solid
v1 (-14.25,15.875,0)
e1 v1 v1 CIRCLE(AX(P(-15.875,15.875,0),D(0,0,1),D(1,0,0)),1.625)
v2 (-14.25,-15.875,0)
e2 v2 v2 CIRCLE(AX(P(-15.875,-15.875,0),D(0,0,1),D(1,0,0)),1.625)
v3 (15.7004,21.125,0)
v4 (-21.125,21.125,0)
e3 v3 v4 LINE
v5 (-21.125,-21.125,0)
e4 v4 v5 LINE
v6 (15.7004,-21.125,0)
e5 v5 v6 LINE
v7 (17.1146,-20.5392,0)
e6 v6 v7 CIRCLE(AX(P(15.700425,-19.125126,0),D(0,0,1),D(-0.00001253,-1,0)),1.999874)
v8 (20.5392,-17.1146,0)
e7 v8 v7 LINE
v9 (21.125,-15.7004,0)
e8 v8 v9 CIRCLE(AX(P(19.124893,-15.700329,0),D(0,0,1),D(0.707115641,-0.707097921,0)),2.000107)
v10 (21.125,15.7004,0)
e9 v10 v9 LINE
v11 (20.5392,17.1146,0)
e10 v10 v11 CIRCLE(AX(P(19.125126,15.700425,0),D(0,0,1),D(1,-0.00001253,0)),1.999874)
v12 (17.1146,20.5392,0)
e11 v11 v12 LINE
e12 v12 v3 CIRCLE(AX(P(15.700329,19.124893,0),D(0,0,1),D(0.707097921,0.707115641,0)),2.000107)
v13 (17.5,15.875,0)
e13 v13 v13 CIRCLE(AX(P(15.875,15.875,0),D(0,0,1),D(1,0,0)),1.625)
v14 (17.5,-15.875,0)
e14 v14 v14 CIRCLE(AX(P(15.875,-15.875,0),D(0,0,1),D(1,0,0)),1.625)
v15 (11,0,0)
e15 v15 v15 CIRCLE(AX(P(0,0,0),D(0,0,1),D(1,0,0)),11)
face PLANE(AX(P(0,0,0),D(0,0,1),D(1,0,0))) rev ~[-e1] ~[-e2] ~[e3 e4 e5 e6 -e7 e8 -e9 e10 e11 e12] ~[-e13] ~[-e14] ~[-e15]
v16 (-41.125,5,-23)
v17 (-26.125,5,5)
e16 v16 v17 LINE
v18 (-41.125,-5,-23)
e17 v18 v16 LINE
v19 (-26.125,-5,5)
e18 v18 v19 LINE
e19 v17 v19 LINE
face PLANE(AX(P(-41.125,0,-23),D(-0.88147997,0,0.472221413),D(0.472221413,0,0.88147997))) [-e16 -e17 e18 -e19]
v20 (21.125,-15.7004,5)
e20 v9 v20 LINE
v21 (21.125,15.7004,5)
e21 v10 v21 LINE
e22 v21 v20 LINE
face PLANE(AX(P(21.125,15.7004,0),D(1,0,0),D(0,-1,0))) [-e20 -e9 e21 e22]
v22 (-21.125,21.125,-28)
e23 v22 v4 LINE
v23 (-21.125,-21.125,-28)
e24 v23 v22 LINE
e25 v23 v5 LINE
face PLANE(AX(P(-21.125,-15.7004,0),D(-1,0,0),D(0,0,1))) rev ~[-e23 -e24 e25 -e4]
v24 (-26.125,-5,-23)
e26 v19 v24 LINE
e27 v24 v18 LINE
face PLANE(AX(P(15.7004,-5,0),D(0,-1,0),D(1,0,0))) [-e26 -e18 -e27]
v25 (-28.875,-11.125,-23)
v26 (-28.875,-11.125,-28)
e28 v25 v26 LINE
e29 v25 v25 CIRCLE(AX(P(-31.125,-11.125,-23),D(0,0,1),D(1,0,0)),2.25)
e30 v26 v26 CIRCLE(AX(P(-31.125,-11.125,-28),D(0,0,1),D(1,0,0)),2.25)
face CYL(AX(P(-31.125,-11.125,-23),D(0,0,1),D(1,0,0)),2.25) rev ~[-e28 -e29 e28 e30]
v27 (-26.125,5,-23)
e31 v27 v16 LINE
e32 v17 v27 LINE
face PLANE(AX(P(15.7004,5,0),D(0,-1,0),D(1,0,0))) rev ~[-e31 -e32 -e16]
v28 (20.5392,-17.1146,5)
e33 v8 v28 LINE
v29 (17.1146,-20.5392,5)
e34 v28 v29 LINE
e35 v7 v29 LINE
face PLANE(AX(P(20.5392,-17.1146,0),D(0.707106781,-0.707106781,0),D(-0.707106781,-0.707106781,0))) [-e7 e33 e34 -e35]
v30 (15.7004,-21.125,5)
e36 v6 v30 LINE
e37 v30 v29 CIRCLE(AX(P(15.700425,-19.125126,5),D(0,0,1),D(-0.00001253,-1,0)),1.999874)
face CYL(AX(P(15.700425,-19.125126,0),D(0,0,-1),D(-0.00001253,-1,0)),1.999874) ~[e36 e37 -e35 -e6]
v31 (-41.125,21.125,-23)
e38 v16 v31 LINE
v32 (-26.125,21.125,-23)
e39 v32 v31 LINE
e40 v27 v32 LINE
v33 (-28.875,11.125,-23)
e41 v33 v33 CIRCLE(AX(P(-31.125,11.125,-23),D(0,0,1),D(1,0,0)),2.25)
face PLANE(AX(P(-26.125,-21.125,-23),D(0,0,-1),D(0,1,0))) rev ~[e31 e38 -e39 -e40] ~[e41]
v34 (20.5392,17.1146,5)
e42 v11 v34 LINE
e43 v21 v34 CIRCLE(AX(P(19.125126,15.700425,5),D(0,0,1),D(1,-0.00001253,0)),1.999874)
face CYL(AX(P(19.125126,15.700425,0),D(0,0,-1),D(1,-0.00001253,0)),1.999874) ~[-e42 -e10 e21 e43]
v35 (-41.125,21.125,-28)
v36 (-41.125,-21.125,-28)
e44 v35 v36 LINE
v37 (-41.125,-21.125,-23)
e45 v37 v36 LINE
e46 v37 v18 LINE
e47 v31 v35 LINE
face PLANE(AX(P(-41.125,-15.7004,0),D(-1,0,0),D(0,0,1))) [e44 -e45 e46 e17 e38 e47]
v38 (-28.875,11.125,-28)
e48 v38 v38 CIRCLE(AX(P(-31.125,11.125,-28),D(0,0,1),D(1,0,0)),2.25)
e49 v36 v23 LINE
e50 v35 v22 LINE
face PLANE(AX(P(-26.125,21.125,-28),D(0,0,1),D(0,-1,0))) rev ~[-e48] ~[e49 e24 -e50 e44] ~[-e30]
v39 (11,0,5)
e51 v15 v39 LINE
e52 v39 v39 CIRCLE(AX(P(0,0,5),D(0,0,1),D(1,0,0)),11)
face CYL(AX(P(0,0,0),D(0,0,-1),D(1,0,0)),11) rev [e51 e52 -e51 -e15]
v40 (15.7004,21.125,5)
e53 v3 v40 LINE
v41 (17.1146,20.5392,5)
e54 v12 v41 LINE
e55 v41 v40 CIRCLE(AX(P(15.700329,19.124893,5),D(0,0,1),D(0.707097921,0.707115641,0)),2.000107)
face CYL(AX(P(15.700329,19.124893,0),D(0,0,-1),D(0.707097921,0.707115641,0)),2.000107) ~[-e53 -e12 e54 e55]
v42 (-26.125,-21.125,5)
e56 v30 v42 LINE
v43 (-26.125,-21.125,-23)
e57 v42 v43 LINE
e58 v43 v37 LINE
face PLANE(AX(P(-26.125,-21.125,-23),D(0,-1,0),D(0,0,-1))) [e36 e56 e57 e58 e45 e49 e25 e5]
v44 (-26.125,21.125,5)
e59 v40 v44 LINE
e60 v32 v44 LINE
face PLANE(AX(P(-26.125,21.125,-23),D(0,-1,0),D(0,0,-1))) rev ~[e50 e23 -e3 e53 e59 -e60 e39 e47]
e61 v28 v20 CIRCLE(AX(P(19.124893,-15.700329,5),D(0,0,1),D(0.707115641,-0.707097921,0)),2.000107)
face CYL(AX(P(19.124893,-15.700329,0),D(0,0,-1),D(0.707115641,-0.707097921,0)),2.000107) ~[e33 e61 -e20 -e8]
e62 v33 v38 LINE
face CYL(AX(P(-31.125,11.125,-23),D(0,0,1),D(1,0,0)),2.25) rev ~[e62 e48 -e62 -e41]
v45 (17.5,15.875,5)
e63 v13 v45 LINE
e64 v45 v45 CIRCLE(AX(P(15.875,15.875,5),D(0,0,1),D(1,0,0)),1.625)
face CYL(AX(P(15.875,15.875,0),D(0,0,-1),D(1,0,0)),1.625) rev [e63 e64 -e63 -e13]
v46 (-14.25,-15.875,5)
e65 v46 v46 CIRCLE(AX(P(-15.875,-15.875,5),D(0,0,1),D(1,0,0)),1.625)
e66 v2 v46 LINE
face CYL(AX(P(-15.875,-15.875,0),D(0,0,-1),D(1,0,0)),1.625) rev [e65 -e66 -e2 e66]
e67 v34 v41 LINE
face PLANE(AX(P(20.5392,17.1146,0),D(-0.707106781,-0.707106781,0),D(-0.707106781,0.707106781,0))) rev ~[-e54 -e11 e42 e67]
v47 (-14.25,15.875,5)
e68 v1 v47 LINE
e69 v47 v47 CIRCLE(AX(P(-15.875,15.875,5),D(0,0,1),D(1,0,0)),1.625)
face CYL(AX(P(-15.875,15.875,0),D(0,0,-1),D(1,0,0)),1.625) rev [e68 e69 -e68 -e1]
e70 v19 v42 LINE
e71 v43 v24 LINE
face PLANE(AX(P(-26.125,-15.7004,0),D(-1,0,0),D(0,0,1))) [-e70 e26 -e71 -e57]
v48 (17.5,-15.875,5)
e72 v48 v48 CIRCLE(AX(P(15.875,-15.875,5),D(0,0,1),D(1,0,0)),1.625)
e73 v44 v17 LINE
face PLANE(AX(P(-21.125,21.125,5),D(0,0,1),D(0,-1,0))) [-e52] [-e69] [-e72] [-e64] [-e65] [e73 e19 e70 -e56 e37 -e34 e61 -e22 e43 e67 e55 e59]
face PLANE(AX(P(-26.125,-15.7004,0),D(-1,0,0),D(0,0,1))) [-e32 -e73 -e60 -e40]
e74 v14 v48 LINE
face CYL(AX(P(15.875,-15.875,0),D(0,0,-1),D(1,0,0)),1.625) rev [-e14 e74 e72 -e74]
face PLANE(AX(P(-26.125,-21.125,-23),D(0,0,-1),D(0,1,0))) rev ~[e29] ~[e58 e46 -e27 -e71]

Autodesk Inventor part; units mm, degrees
ref_plane "YZ Plane" through (0, 0, 0) normal (1, 0, 0) x (0, 1, 0)
ref_plane "XZ Plane" through (0, 0, 0) normal (0, 1, 0) x (-1, 0, 0)
sketch "Sketch1" plane through (0, 0, 0) normal (0, 0, 1) x (1, 0, 0)
  arc A0 (-20.5392, 17.1146) -> (-21.125, 15.7004) centre (-19.125, 15.7004) ccw projected
  line L0 (-21.125, -15.7004) -> (-21.125, 15.7004) projected
  arc A1 (-21.125, -15.7004) -> (-20.5392, -17.1146) centre (-19.125, -15.7004) ccw projected
  line L1 (-20.5392, -17.1146) -> (-17.1146, -20.5392) projected
  arc A2 (-17.1146, -20.5392) -> (-15.7004, -21.125) centre (-15.7004, -19.125) ccw projected
  line L2 (15.7004, -21.125) -> (-15.7004, -21.125) projected
  arc A3 (15.7004, -21.125) -> (17.1146, -20.5392) centre (15.7004, -19.125) ccw projected
  line L3 (20.5392, -17.1146) -> (17.1146, -20.5392) projected
  arc A4 (20.5392, -17.1146) -> (21.125, -15.7004) centre (19.125, -15.7004) ccw projected
  line L4 (21.125, 15.7004) -> (21.125, -15.7004) projected
  arc A5 (21.125, 15.7004) -> (20.5392, 17.1146) centre (19.125, 15.7004) ccw projected
  line L5 (20.5392, 17.1146) -> (17.1146, 20.5392) projected
  arc A6 (17.1146, 20.5392) -> (15.7004, 21.125) centre (15.7004, 19.125) ccw projected
  line L6 (-15.7004, 21.125) -> (15.7004, 21.125) projected
  arc A7 (-15.7004, 21.125) -> (-17.1146, 20.5392) centre (-15.7004, 19.125) ccw projected
  line L7 (-20.5392, 17.1146) -> (-17.1146, 20.5392) projected
  circle A8 centre (0, 0) radius 16 projected
  circle A9 centre (-15.875, -15.875) radius 1.625 projected
  circle A10 centre (15.875, 15.875) radius 1.625 projected
  circle A11 centre (-15.875, 15.875) radius 1.625 projected
  circle A12 centre (15.875, -15.875) radius 1.625 projected
  circle A13 centre (0, 0) radius 11 projected
  point P0 (0, 0)
extrude "Extrusion1" add sketch "Sketch1" along normal blind 5 contours L7 A7 L6 A6 L5 A5 L4 A4 L3 A3 L2 A2 L1 A1 L0 A0 | A8
sketch "Sketch2" plane through (-21.125, -15.7004, 0) normal (-1, 0, 0) x (0, 0, 1)
  line L0 (0, -5.4246) -> (5, -5.4246) projected
  line L1 (5, -5.4246) -> (-28, -5.4246)
  line L2 (-28, -5.4246) -> (-28, 36.8254)
  line L3 (-28, 36.8254) -> (5, 36.8254)
  line L4 (5, 36.8254) -> (5, -5.4246)
  point P0 (0, 15.7004)
  dimension "d6" = 33
extrude "Extrusion2" add sketch "Sketch2" along normal blind 5
sketch "Sketch3" plane through (0, 0, 5) normal (0, 0, 1) x (1, 0, 0)
  line L0 (-21.125, -15.7004) -> (-21.125, -21.125) projected
  arc A0 (-21.125, -15.7004) -> (-20.5392, -17.1146) centre (-19.125, -15.7004) ccw projected
  arc A1 (-17.1146, -20.5392) -> (-15.7004, -21.125) centre (-15.7004, -19.125) ccw projected
  line L1 (-20.5392, -17.1146) -> (-17.1146, -20.5392) projected
  line L2 (-21.125, -21.125) -> (-15.7004, -21.125)
  line L3 (-21.125, 21.125) -> (-21.125, 15.7004) projected
  arc A2 (-15.7004, 21.125) -> (-17.1146, 20.5392) centre (-15.7004, 19.125) ccw projected
  line L4 (-21.125, 21.125) -> (-15.7004, 21.125)
  line L5 (-17.1146, 20.5392) -> (-20.5392, 17.1146) projected
  arc A3 (-20.5392, 17.1146) -> (-21.125, 15.7004) centre (-19.125, 15.7004) ccw projected
  point P0 (0, 0)
extrude "Extrusion3" add sketch "Sketch3" against normal blind 5
sketch "Sketch4" plane through (-26.125, -15.7004, 0) normal (-1, 0, 0) x (0, 0, 1)
  line L0 (0, -5.4246) -> (-28, -5.4246) projected
  line L1 (5, 36.8254) -> (-28, 36.8254) projected
  line L2 (-28, -5.4246) -> (-23, -5.4246)
  line L3 (-23, -5.4246) -> (-23, 36.8254)
  line L4 (-23, 36.8254) -> (-28, 36.8254)
  line L5 (-28, 36.8254) -> (-28, -5.4246)
  point P0 (0, 15.7004)
  dimension "d7" = 5
extrude "Extrusion4" add sketch "Sketch4" along normal blind 15
sketch "Sketch5" plane through (-26.125, -21.125, -23) normal (0, 0, 1) x (1, 0, 0)
  circle A0 centre (-5, 32.25) radius 2.25
  circle A1 centre (-5, 10) radius 2.25
  line L0 (0, 42.25) -> (-15, 42.25) projected
  line L1 (-15, 0) -> (-15, 42.25) projected
  line L2 (0, 0) -> (-15, 0) projected
  point P0 (26.125, 21.125)
  dimension "d10" = 10
  dimension "d11" = 10
  dimension "d12" = 10
  dimension "d13" = 10
  dimension "d14" = 4.5
  dimension "d15" = 4.5
extrude "Extrusion5" cut sketch "Sketch5" along normal through all both and the other way through all
ref_plane "Work Plane1" through (15.7004, 0, 0) normal (0, -1, 0) x (1, 0, 0)
sketch "Sketch6" plane through (15.7004, 0, 0) normal (0, -1, 0) x (1, 0, 0)
  line L0 (-41.8254, -23) -> (-56.8254, -23) projected
  line L1 (0, 5) -> (-41.8254, 5) projected
  line L2 (-56.8254, -23) -> (-41.8254, 5)
  line L3 (-41.8254, 5) -> (-41.8254, -23)
  line L4 (-41.8254, -23) -> (-56.8254, -23)
  point P0 (-15.7004, 0)
extrude "Extrusion6" add sketch "Sketch6" along normal mid plane 10
equation "\"d15\" = d14"
properties part number "StepperZHolder"
